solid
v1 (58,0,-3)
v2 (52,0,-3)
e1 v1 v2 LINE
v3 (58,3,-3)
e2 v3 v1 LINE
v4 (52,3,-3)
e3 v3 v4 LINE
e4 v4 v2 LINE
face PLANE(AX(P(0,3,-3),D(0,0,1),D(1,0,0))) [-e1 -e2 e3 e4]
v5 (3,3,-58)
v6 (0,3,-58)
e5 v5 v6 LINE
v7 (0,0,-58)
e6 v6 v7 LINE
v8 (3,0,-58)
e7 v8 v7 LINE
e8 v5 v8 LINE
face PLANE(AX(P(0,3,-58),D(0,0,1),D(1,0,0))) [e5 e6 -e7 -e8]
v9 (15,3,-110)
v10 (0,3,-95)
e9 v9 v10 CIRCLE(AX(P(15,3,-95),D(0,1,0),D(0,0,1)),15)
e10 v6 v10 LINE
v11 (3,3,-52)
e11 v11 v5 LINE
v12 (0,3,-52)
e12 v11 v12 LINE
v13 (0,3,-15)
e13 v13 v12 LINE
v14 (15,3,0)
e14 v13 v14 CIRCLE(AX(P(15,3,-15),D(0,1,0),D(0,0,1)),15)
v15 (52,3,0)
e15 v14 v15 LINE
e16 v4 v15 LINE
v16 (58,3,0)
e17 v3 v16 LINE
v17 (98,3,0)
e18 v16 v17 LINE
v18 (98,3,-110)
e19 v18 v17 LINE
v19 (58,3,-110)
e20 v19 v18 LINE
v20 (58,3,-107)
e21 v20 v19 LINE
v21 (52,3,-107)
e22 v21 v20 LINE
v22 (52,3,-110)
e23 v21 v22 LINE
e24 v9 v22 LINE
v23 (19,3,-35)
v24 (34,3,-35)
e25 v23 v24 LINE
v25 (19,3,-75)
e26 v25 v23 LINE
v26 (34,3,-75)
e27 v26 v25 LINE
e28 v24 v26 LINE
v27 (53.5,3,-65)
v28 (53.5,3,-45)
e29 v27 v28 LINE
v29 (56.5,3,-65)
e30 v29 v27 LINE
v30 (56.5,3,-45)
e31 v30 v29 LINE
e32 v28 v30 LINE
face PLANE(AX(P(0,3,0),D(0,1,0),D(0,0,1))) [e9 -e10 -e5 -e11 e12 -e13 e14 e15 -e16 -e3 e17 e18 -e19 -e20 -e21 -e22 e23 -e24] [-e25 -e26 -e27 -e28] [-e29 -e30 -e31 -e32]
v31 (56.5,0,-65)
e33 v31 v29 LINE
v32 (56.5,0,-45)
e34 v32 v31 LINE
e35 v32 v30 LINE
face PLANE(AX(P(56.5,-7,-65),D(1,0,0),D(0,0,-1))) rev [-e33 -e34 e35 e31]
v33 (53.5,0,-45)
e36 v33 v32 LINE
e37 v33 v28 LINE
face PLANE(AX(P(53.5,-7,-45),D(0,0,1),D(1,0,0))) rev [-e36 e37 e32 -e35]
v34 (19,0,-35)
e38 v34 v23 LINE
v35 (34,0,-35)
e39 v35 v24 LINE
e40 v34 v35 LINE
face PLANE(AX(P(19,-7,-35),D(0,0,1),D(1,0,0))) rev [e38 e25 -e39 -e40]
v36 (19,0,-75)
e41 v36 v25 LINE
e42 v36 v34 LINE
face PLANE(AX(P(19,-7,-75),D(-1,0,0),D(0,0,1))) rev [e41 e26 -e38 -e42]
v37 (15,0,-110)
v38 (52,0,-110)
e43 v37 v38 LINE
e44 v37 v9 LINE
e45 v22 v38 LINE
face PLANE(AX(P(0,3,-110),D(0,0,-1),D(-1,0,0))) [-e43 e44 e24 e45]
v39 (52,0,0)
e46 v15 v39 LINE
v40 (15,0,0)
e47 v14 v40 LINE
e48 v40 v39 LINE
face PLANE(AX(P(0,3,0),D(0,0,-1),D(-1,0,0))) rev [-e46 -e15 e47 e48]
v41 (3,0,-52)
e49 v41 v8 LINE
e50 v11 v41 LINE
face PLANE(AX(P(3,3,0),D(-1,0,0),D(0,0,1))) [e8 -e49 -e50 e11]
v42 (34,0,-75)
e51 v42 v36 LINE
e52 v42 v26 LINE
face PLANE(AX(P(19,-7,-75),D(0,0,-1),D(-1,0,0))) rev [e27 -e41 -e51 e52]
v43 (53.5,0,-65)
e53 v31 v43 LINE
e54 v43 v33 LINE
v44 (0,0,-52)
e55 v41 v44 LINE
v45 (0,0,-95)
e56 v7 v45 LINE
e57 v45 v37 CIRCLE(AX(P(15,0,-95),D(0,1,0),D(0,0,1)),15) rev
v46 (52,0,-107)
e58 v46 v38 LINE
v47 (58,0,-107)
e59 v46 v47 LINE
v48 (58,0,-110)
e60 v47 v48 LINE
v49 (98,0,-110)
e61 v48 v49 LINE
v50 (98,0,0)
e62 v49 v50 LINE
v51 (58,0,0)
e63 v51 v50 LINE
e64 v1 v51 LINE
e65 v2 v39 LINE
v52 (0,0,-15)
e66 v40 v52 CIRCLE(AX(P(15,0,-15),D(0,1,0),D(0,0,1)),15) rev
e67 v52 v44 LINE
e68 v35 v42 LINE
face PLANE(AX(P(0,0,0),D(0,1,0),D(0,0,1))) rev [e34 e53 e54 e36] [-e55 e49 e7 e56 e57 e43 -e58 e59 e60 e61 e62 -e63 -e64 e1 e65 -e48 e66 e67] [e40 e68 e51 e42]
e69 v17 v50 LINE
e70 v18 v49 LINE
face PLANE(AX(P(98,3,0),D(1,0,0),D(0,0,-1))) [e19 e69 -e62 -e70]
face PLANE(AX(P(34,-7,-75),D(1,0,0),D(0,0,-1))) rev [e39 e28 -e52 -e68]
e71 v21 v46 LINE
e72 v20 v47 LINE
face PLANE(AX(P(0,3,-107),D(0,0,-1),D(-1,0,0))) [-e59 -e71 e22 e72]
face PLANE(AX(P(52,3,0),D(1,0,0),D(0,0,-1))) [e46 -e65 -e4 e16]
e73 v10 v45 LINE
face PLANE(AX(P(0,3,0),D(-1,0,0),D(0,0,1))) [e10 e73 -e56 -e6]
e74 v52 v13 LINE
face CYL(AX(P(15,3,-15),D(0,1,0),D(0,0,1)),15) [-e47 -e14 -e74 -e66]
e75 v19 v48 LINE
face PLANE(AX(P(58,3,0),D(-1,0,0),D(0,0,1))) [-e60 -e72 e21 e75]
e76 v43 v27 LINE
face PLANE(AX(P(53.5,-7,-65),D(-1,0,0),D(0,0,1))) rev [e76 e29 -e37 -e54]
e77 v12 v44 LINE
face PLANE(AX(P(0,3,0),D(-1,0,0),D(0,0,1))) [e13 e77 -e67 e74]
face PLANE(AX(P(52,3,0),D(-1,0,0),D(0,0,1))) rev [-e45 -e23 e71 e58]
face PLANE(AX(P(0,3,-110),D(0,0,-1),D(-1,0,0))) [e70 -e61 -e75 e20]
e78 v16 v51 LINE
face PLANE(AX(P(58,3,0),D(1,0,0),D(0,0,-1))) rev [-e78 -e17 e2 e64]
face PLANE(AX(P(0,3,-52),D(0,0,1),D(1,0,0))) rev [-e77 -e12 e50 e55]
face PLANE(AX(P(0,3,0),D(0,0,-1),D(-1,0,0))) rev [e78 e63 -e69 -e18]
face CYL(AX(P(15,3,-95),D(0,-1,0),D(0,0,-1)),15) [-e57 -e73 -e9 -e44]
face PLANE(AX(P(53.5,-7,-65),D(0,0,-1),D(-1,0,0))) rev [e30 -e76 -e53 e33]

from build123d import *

# Parameters (mm, degrees)
EXTRUDE_3_DEPTH    = 3
SKETCH1_W          = 15
SKETCH1_H          = 40
SKETCH1_W_2        = 3
SKETCH1_H_2        = 20
CUT_EXTRUDE1_DEPTH = 10
FILLET1_R          = 15


with BuildPart() as part:
    # Эскиз4 → Бобышка-Вытянуть3 (new body)
    with BuildSketch(Plane(origin=(0, 0, 0), x_dir=(1, 0, 0), z_dir=(0, 1, 0))):
        Polygon((98, 0), (98, 110), (58, 110), (58, 107), (55, 107), (52, 107), (52, 110), (0, 110), (0, 58), (3, 58), (3, 55), (3, 52), (0, 52), (0, 0), (52, 0), (52, 3), (55, 3), (58, 3), (58, 0), align=None)
    extrude(amount=EXTRUDE_3_DEPTH)

    # Sketch1 → Cut-Extrude1 (cut)
    with BuildSketch(Plane(origin=(0, 3, 0), x_dir=(1, 0, 0), z_dir=(0, 1, 0))):
        with Locations((26.5, 55)):
            Rectangle(SKETCH1_W, SKETCH1_H)
        with Locations((55, 55)):
            Rectangle(SKETCH1_W_2, SKETCH1_H_2)
    extrude(amount=-CUT_EXTRUDE1_DEPTH, mode=Mode.SUBTRACT)

    # Fillet1
    fillet1_edges = [part.edges().sort_by_distance(p)[0] for p in [
        (0, 1.5, 0),
        (0, 1.5, -110),
    ]]
    fillet(fillet1_edges, radius=FILLET1_R)


solid = part.part
